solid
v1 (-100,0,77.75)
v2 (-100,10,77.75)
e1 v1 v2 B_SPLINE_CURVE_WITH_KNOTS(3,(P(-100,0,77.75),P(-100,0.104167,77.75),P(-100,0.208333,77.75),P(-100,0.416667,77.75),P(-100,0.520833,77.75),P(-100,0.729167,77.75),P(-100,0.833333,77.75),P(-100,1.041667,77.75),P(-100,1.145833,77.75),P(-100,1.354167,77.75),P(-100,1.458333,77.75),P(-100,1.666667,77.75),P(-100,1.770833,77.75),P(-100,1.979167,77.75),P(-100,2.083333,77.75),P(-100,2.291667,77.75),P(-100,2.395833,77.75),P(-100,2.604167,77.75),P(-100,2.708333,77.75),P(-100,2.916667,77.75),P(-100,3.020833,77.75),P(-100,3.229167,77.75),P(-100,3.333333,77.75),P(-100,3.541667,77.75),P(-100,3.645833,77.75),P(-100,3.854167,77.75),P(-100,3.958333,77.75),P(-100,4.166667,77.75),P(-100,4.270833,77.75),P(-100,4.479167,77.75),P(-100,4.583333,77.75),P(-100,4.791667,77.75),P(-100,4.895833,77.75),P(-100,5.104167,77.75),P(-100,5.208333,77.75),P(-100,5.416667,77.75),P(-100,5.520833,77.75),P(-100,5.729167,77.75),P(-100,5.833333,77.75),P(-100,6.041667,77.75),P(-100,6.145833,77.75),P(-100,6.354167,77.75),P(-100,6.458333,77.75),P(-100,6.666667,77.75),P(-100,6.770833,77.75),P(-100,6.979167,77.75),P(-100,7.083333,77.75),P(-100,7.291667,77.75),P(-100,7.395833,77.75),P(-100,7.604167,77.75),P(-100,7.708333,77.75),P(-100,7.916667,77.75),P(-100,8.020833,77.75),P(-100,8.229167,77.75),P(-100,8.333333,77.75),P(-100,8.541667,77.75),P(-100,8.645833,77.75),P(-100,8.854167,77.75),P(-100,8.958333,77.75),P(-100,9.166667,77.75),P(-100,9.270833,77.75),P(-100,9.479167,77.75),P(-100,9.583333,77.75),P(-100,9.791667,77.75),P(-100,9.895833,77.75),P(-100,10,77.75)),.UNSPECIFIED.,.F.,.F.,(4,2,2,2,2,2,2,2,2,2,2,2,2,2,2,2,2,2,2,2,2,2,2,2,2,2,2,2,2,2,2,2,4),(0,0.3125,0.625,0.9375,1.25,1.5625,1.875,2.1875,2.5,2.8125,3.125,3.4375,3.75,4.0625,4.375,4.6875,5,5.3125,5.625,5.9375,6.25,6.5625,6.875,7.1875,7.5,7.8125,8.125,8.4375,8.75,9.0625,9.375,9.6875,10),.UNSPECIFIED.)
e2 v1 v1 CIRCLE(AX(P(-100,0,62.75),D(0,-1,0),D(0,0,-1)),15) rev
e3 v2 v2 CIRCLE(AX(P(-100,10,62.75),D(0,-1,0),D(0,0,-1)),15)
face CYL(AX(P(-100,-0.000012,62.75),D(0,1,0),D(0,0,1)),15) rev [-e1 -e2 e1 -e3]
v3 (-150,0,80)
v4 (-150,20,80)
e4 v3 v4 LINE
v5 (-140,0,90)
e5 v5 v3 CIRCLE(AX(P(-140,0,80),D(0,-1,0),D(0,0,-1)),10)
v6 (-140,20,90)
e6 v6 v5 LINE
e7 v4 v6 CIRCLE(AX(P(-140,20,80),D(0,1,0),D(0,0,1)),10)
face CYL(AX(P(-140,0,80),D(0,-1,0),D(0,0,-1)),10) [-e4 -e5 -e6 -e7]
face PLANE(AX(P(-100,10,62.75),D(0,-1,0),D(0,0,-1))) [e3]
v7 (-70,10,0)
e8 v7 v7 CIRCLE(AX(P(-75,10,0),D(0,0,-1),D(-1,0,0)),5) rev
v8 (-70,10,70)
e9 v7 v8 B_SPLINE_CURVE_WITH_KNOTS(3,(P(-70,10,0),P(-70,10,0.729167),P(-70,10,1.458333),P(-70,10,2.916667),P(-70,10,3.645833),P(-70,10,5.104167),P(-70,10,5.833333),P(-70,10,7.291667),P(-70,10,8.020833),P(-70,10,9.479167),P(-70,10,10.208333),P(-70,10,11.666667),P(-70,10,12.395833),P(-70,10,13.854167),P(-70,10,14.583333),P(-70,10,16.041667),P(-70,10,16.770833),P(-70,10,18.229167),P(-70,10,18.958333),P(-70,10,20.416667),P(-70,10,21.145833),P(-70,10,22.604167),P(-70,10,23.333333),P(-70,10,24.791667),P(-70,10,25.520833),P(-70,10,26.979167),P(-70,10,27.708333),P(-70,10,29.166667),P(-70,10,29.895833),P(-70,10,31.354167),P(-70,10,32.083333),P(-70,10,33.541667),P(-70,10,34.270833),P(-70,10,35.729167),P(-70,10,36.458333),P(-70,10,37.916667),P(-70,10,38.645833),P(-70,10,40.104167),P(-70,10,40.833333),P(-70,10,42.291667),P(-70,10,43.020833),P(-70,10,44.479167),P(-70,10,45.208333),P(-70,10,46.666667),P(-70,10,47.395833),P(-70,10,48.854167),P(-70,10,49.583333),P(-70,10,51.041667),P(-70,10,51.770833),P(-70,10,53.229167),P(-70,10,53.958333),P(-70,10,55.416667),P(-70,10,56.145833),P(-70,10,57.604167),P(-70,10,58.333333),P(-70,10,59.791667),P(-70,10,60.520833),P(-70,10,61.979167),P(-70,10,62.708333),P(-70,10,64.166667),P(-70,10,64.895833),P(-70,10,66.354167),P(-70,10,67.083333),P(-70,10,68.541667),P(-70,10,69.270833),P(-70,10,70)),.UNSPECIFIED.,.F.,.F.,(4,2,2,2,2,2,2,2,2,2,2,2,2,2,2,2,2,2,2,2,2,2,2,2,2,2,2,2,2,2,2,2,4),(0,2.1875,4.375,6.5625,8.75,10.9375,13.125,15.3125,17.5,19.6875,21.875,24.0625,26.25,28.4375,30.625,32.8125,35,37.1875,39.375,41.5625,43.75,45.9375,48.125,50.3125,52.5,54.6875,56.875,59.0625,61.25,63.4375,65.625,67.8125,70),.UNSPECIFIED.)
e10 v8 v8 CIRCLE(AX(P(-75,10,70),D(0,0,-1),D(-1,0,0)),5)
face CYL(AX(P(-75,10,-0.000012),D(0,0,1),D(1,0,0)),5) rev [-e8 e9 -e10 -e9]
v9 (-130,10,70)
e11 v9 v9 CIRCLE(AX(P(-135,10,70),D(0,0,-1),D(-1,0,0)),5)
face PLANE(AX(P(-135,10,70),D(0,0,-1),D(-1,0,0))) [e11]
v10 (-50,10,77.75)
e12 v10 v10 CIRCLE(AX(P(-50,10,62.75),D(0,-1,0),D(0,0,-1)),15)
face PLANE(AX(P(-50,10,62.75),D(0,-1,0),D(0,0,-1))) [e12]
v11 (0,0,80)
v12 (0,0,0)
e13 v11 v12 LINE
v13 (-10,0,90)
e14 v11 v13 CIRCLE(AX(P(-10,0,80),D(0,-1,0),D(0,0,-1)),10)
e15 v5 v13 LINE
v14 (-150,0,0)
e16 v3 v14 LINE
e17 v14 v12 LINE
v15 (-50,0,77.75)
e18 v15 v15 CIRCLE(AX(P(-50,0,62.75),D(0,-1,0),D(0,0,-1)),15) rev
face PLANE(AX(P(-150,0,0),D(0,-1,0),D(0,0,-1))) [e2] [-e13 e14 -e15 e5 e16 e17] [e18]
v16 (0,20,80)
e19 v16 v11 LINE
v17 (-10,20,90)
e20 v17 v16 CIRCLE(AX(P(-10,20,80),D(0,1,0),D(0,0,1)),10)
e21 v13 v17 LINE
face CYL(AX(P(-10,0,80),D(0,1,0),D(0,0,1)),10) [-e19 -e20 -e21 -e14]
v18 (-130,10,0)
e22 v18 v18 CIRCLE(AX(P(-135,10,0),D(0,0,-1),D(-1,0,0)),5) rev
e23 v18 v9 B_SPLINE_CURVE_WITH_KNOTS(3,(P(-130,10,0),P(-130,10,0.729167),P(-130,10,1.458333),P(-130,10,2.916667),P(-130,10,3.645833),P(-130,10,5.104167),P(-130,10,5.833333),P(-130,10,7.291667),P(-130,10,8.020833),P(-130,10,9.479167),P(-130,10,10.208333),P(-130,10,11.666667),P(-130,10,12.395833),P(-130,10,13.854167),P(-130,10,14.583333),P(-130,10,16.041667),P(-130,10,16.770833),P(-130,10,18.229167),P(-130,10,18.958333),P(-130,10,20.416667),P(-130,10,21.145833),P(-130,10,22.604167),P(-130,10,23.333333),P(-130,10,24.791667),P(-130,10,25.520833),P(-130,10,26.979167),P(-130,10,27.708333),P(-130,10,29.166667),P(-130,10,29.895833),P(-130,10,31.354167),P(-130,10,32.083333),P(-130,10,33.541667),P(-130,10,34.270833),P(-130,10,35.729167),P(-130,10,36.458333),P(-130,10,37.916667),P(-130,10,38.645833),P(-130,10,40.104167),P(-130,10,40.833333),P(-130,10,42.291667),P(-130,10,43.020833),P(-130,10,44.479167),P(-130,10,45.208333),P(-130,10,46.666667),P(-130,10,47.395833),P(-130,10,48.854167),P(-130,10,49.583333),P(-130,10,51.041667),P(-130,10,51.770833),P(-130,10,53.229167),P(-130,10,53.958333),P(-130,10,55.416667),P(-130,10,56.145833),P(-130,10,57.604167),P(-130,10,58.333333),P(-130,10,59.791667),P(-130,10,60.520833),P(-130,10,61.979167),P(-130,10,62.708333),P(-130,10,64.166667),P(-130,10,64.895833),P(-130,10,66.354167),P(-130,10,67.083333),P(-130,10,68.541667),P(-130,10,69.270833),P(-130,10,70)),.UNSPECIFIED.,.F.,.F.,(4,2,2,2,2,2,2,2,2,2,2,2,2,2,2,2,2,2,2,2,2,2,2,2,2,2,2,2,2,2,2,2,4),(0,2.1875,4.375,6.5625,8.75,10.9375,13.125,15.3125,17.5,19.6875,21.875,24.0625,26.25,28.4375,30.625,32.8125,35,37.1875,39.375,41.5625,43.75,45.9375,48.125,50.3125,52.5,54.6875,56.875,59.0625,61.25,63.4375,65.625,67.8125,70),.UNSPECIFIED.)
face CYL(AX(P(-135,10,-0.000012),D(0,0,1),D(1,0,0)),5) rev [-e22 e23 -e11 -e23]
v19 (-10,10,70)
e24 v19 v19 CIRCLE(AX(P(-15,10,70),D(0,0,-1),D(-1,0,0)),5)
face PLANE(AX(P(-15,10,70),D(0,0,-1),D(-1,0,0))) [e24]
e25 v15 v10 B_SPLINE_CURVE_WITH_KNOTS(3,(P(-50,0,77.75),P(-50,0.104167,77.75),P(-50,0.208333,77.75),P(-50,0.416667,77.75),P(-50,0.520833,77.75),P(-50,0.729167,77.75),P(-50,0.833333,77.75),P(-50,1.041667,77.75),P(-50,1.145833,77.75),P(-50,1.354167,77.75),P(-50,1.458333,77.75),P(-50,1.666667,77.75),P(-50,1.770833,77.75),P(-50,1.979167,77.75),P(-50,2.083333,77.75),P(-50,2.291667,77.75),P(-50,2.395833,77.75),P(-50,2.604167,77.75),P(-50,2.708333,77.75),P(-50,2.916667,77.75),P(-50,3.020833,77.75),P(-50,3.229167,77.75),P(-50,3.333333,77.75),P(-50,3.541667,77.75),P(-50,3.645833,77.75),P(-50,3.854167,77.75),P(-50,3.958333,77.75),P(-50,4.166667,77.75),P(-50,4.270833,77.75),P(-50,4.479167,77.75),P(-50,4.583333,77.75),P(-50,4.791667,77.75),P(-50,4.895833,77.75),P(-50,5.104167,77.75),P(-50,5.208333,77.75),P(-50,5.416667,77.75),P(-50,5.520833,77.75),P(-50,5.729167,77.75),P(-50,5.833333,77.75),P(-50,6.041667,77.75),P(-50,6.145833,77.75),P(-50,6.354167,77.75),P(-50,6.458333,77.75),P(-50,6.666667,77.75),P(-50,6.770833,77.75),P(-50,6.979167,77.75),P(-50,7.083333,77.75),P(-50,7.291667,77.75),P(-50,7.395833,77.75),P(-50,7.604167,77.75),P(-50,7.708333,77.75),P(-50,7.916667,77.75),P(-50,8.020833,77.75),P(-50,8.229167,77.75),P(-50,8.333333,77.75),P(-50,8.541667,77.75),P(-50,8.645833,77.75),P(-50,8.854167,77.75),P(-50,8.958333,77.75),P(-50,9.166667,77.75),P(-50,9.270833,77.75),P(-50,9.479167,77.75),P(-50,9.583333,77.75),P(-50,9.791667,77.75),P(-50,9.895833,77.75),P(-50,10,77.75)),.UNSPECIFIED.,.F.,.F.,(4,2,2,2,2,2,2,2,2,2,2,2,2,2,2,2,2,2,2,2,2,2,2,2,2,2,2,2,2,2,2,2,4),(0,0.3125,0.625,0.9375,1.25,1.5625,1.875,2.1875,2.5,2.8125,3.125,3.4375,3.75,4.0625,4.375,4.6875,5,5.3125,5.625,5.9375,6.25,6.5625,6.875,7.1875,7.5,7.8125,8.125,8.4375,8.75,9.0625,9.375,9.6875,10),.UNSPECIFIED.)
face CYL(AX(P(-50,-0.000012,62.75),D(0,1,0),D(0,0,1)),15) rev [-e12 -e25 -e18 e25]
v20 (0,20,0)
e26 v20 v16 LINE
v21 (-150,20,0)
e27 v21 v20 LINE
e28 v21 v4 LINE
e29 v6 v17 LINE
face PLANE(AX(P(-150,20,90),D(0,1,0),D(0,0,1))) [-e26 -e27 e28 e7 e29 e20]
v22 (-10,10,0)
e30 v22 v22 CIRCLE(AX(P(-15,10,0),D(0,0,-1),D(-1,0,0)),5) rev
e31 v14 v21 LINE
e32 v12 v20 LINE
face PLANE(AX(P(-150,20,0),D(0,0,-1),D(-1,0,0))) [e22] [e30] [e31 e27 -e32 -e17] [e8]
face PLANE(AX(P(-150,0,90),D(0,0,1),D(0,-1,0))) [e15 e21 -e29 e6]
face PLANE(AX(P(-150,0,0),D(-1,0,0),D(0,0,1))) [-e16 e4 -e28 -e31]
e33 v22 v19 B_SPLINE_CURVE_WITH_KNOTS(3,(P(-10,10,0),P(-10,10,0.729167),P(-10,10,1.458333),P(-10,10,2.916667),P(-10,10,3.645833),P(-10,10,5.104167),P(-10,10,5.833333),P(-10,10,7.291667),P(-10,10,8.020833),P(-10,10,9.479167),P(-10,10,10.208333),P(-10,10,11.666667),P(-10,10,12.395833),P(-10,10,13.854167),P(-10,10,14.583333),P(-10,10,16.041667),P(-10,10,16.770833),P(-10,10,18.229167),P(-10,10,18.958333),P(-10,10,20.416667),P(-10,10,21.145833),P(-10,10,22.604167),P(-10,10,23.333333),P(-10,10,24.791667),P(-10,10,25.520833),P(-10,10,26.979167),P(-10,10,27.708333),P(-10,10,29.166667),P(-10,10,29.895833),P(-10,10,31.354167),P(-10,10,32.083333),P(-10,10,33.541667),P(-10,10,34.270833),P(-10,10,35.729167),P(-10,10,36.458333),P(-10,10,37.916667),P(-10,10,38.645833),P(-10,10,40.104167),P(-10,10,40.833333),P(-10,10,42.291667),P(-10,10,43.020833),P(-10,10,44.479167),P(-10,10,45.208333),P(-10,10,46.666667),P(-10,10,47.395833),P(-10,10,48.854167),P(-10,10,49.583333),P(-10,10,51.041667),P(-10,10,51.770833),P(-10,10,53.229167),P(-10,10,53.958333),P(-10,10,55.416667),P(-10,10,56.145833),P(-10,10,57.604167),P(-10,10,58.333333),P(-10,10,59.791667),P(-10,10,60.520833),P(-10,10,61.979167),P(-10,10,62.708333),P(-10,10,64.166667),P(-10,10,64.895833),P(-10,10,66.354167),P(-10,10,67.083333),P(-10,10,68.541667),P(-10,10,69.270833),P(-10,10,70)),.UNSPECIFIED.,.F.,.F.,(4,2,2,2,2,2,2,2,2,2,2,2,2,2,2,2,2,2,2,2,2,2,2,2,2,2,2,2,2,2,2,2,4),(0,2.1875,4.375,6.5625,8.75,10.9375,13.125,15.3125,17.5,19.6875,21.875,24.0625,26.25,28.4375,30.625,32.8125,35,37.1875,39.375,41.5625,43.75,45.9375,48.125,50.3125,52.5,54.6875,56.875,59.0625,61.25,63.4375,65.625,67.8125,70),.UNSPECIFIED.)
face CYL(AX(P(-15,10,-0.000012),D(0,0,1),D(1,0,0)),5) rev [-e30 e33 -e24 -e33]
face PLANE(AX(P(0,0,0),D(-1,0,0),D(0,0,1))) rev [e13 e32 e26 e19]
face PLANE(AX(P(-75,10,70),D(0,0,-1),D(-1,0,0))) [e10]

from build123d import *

# Parameters (mm, degrees)
SKETCH1_W               = 90
SKETCH1_H               = 20
BOSS_EXTRUDE1_DEPTH     = 150
CUT_EXTRUDE1_DEPTH      = 177.068168617
CUT_EXTRUDE1_DEPTH_BACK = 10
SKETCH2_R               = 15
CUT_EXTRUDE3_DEPTH      = 177.068168617
CUT_EXTRUDE3_DEPTH_BACK = 70
SKETCH4_R               = 5
FILLET1_R               = 10


with BuildPart() as part:
    # Sketch1 → Boss-Extrude1 (new body)
    with BuildSketch(Plane(origin=(0, 0, 0), x_dir=(0, 0, -1), z_dir=(1, 0, 0))):
        with Locations((-45, 10)):
            Rectangle(SKETCH1_W, SKETCH1_H)
    extrude(amount=-BOSS_EXTRUDE1_DEPTH)

    # Sketch2 → Cut-Extrude1 (cut, two sides: drawn at the far end of the back side and taken through both)
    with BuildSketch(Plane.XZ.offset(-CUT_EXTRUDE1_DEPTH_BACK)):
        with Locations(Location((-50, 62.75, 0), (0, 0, 90))):
            Circle(SKETCH2_R)
        with Locations(Location((-100, 62.75, 0), (0, 0, 90))):
            Circle(SKETCH2_R)
    extrude(amount=CUT_EXTRUDE1_DEPTH + CUT_EXTRUDE1_DEPTH_BACK, mode=Mode.SUBTRACT)

    # Sketch4 → Cut-Extrude3 (cut, two sides: drawn at the far end of the back side and taken through both)
    with BuildSketch(Plane(origin=(0, 0, 0), x_dir=(-1, 0, 0), z_dir=(0, 0, -1)).offset(-CUT_EXTRUDE3_DEPTH_BACK)):
        with Locations(Location((15, 10, 0), (0, 0, 180))):
            Circle(SKETCH4_R)
        with Locations(Location((75, 10, 0), (0, 0, 180))):
            Circle(SKETCH4_R)
        with Locations(Location((135, 10, 0), (0, 0, 180))):
            Circle(SKETCH4_R)
    extrude(amount=CUT_EXTRUDE3_DEPTH + CUT_EXTRUDE3_DEPTH_BACK, mode=Mode.SUBTRACT)

    # Fillet1
    fillet1_edges = [part.edges().sort_by_distance(p)[0] for p in [
        (-150, 10, 90),
        (0, 10, 90),
    ]]
    fillet(fillet1_edges, radius=FILLET1_R)


solid = part.part
